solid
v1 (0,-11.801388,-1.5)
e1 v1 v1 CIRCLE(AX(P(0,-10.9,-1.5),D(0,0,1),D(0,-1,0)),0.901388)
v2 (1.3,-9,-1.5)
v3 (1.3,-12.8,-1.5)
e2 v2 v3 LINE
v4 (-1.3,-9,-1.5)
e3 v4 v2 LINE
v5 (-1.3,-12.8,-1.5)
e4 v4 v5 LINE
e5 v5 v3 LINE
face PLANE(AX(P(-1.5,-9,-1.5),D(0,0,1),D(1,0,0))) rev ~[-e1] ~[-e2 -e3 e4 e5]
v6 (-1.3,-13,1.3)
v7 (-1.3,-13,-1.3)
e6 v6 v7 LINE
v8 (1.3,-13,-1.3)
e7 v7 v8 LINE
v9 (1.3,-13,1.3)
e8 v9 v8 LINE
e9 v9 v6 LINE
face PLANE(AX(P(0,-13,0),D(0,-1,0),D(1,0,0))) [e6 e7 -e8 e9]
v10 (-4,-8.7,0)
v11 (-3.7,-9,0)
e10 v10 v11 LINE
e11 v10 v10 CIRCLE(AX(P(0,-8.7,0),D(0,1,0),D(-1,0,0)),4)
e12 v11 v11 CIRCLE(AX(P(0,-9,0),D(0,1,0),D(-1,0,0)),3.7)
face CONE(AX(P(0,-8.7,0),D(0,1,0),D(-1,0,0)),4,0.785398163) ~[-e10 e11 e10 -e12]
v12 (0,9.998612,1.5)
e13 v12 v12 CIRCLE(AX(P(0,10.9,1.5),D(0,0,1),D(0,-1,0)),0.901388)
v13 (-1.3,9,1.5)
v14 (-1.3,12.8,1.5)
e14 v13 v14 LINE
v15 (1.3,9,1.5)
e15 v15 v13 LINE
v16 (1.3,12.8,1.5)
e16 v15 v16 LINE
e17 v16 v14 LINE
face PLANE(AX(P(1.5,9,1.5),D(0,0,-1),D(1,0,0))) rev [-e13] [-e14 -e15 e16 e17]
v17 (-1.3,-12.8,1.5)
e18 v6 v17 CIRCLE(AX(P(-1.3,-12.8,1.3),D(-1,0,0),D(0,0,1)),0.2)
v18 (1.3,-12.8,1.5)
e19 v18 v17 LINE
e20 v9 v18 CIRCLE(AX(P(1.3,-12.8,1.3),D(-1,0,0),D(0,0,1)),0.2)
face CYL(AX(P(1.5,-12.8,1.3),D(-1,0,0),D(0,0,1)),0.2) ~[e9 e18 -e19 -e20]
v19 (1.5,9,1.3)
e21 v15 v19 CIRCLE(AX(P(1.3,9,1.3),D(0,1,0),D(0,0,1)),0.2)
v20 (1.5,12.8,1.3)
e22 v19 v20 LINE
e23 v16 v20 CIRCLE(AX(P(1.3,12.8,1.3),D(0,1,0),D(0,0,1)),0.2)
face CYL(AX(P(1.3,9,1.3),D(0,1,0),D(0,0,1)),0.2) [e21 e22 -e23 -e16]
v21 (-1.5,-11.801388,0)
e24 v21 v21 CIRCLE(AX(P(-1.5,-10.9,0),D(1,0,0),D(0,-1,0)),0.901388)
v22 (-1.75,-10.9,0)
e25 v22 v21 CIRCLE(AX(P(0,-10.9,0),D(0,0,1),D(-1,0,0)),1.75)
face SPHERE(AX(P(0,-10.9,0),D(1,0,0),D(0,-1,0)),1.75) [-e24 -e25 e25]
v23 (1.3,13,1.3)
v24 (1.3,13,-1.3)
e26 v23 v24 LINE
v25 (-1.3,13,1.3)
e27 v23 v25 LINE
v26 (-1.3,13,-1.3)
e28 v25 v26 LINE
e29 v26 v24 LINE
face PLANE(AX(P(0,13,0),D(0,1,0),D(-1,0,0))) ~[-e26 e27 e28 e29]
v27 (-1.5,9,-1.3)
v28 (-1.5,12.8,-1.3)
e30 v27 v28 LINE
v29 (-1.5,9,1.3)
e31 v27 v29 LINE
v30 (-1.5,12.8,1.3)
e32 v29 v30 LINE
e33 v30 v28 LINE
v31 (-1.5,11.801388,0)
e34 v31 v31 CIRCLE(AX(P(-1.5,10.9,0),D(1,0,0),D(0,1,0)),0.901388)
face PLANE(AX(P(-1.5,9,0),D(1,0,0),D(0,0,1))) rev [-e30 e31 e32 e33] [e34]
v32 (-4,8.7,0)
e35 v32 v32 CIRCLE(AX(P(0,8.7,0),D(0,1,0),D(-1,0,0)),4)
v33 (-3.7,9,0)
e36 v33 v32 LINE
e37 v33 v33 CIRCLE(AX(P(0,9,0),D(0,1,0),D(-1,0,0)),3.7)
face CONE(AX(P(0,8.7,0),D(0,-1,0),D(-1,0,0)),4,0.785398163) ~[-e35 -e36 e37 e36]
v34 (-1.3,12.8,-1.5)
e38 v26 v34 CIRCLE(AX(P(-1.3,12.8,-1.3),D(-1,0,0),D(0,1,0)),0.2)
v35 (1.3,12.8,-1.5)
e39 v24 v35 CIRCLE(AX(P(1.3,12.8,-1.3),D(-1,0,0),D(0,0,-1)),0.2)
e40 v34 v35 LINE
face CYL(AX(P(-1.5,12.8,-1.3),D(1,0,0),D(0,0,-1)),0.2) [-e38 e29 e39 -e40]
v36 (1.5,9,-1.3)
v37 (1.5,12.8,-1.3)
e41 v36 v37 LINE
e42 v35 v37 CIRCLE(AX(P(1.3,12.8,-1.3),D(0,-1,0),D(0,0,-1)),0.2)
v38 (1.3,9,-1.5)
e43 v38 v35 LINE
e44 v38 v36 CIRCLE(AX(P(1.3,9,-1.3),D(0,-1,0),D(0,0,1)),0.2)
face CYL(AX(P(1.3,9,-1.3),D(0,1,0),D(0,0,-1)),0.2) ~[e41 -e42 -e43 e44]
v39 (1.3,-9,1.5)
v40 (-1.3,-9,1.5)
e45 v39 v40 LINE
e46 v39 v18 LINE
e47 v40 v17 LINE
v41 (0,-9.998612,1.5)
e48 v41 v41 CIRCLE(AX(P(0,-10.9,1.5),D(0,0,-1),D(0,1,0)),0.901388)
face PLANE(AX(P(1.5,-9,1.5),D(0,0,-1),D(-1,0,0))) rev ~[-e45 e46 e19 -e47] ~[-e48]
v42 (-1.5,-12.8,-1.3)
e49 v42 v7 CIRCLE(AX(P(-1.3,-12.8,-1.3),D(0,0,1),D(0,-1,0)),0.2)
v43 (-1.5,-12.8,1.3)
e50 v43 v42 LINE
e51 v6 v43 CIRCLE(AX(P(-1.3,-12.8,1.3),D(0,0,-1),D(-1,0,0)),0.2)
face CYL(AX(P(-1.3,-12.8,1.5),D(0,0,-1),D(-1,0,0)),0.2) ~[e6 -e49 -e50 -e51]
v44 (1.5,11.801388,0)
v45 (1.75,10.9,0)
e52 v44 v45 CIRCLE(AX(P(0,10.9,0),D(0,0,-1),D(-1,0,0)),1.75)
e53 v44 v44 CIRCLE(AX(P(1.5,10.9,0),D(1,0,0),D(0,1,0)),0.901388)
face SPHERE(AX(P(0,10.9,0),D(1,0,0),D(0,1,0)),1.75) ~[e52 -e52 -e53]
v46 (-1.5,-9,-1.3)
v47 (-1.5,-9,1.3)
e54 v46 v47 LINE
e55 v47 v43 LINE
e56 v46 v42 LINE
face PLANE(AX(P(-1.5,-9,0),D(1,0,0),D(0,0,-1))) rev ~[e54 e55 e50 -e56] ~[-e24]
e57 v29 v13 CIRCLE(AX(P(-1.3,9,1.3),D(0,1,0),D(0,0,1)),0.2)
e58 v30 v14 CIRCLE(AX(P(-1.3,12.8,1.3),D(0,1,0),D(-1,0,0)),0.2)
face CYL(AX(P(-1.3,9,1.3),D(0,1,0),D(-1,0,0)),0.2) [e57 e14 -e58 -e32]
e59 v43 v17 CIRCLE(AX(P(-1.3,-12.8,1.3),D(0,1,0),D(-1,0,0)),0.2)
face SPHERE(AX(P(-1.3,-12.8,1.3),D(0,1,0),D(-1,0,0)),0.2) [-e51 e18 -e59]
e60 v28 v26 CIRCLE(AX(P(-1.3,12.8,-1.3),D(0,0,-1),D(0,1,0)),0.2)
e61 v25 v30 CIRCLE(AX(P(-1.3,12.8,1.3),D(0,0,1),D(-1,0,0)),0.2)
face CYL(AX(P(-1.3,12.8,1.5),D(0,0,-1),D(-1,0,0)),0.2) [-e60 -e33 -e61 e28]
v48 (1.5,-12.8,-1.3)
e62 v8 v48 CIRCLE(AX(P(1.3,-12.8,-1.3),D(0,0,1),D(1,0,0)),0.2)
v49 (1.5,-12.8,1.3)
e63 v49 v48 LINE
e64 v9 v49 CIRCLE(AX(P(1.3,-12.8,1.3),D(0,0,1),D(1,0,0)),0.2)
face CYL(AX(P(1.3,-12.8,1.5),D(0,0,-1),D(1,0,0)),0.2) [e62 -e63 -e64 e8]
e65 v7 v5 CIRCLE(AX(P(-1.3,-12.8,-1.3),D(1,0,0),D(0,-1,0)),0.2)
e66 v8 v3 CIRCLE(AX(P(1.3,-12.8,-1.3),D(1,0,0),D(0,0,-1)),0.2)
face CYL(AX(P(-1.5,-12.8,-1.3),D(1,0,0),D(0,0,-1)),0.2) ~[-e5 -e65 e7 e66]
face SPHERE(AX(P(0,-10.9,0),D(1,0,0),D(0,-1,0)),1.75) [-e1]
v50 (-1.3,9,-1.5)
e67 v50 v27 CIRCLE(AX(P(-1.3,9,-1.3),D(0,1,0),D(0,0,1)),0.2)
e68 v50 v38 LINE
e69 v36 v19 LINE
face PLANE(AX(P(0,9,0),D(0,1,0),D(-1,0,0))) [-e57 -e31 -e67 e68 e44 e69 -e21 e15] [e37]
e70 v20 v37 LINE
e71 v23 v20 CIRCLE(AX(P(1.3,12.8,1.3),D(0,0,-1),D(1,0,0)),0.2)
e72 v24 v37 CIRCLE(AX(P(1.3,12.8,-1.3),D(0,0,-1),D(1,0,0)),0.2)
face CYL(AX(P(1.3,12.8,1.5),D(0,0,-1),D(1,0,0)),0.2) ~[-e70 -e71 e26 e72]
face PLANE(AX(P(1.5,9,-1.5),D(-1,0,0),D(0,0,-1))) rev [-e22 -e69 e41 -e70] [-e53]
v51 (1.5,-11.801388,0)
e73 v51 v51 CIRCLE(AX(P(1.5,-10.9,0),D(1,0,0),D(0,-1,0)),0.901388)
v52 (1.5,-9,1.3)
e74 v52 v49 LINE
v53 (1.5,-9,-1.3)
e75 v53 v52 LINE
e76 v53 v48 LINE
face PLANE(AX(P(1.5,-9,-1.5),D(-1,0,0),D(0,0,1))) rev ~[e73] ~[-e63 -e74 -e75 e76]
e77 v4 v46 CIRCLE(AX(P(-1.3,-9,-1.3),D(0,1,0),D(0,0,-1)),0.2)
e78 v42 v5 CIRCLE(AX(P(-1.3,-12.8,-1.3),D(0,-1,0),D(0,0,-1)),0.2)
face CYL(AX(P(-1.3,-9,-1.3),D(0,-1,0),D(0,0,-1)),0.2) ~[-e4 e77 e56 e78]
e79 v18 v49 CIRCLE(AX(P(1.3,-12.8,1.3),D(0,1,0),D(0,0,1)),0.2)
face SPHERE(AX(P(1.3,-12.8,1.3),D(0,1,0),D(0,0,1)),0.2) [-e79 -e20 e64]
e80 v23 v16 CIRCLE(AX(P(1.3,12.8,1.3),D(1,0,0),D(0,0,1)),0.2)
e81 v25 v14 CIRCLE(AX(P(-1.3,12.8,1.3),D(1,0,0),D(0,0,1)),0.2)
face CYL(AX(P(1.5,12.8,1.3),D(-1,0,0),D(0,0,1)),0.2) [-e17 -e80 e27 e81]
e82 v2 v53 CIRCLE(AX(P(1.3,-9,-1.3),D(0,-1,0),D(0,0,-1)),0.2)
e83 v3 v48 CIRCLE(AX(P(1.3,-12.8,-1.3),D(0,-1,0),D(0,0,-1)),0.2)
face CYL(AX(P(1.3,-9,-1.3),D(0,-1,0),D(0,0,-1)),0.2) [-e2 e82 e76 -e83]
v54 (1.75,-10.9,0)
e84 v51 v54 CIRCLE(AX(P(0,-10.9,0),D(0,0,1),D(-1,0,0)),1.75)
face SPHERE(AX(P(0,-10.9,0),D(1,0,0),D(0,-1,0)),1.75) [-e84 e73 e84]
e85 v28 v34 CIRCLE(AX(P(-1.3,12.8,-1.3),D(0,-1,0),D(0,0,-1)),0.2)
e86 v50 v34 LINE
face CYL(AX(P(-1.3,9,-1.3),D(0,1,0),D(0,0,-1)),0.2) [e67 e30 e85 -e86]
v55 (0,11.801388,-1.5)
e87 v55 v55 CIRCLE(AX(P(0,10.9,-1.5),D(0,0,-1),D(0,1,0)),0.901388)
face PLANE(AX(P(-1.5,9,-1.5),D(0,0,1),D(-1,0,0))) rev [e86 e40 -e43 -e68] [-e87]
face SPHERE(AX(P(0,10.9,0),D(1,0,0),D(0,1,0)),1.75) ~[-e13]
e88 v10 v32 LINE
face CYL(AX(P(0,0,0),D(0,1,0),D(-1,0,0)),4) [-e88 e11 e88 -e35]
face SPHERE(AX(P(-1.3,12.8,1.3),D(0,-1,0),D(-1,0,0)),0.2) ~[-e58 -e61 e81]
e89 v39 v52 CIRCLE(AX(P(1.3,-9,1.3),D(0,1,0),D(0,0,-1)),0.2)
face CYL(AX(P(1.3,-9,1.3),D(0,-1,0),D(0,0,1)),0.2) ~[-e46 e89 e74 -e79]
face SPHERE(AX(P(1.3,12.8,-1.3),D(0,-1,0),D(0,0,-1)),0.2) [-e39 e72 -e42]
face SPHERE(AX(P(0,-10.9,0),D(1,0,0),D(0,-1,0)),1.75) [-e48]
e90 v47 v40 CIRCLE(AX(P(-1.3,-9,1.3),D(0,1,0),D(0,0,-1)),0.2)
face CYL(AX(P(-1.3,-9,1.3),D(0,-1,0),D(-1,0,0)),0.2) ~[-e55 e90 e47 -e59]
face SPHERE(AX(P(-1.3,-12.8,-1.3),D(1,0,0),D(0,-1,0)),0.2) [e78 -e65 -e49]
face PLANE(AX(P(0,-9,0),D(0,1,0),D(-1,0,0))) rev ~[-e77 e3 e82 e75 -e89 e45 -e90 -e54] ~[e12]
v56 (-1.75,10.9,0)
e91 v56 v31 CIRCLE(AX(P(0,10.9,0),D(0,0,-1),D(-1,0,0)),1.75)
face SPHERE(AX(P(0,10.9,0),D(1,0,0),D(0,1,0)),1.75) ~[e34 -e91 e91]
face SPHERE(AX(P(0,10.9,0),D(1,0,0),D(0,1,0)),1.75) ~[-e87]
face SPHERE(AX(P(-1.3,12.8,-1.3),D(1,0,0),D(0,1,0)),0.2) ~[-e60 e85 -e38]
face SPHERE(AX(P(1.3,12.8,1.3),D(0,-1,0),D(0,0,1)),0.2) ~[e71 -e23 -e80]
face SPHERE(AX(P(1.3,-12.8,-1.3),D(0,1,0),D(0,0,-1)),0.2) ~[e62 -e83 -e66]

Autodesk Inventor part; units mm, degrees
ref_plane "YZ Plane" through (0, 0, 0) normal (1, 0, 0) x (0, 1, 0)
ref_plane "XZ Plane" through (0, 0, 0) normal (0, 1, 0) x (-1, 0, 0)
sketch "Sketch1" plane through (0, 0, 0) normal (0, 1, 0) x (-1, 0, 0)
  circle A0 centre (0, 0) radius 4
  dimension "d0" = 8
extrude "Extrusion1" add sketch "Sketch1" against normal mid plane 18
sketch "Sketch2" plane through (0, -9, 0) normal (0, -1, 0) x (1, 0, 0)
  circle A0 centre (0, 0) radius 4 projected
  line L0 (-5.6, 0) -> (5.6, 0) projected
  line L1 (-1.5, -1.5) -> (1.5, -1.5)
  line L2 (1.5, -1.5) -> (1.5, 1.5)
  line L3 (1.5, 1.5) -> (-1.5, 1.5)
  line L4 (-1.5, 1.5) -> (-1.5, -1.5)
  dimension "d3" = 3
  dimension "d4" = 3
  dimension "d5" = 1.5
  dimension "d6" = 1.5
extrude "Extrusion2" add sketch "Sketch2" along normal blind 4 contours L2 L1 L4 L0 | L0 L4 L3 L2
fillet "Fillet1" radius 0.2 8 edges at (1.5, -11, 1.5) (-1.5, -11, 1.5) (1.5, -11, -1.5) (0, -13, -1.5) (-1.5, -13, 0) (0, -13, 1.5) (1.5, -13, 0) (-1.5, -11, -1.5)
sketch "Sketch3" plane through (0, 0, 0) normal (0, 0, 1) x (1, 0, 0)
  line L0 (0, -4.8) -> (0, 0)
  line L1 (2.8, 0) -> (2.8, -4.8)
  arc A0 (-0.35, -2.4) -> (3.15, -2.4) centre (1.4, -2.4) ccw
  line L2 (0, -2.4) -> (2.8, -2.4) construction
  line L3 (-4, -9) -> (-4, 9) projected
  line L4 (-4, 9) -> (4, 9) projected
  line L5 (4, 9) -> (4, -9) projected
  line L6 (4, -9) -> (1.5, -9) projected
  line L7 (1.5, -9) -> (1.5, -12.8) projected
  arc A1 (1.3, -13) -> (1.5, -12.8) centre (1.3, -12.8) ccw projected
  line L8 (1.3, -13) -> (-1.3, -13) projected
  arc A2 (-1.5, -12.8) -> (-1.3, -13) centre (-1.3, -12.8) ccw projected
  line L9 (-1.5, -12.8) -> (-1.5, -9) projected
  line L10 (-1.5, -9) -> (-4, -9) projected
  line L11 (-1.5, -10.9) -> (1.5, -10.9) construction
  arc A3 (-1.75, -10.9) -> (1.75, -10.9) centre (0, -10.9) ccw
  line L12 (1.5, -10.9) -> (2.2631, -10.9) construction
  line L13 (-1.5, -10.9) -> (-1.9787, -10.9) construction
  line L14 (-1.75, -10.9) -> (1.75, -10.9)
  point P0 (1.4, -2.4)
  dimension "d10" = 1.75
  dimension "d11" = 3.5
revolve "Revolution1" add sketch "Sketch3" angle 360 about axis through (1.5, -10.9, 0) along (1, 0, 0) contours L14 L7 A3 L9 | L9 A3 L14 | L14 A3 L7
mirror "Mirror1" about plane through (0, 0, 0) normal (0, 1, 0) of "Extrusion2", "Revolution1", "Fillet1"
chamfer "Chamfer2" distance 0.3 angle 45 2 edges at (4, -9, 0) (4, 9, 0)
ref_plane "Work Plane2" through (0, 3.5617, 0) normal (0, -1, 0) x (1, 0, 0)
split_face "Split2"
equation "\"d3\" = d4"
equation "\"d5\" = 0.5 * d4"
equation "\"d6\" = 0.5 * d4"
properties part number "473-01" material "Steel"
